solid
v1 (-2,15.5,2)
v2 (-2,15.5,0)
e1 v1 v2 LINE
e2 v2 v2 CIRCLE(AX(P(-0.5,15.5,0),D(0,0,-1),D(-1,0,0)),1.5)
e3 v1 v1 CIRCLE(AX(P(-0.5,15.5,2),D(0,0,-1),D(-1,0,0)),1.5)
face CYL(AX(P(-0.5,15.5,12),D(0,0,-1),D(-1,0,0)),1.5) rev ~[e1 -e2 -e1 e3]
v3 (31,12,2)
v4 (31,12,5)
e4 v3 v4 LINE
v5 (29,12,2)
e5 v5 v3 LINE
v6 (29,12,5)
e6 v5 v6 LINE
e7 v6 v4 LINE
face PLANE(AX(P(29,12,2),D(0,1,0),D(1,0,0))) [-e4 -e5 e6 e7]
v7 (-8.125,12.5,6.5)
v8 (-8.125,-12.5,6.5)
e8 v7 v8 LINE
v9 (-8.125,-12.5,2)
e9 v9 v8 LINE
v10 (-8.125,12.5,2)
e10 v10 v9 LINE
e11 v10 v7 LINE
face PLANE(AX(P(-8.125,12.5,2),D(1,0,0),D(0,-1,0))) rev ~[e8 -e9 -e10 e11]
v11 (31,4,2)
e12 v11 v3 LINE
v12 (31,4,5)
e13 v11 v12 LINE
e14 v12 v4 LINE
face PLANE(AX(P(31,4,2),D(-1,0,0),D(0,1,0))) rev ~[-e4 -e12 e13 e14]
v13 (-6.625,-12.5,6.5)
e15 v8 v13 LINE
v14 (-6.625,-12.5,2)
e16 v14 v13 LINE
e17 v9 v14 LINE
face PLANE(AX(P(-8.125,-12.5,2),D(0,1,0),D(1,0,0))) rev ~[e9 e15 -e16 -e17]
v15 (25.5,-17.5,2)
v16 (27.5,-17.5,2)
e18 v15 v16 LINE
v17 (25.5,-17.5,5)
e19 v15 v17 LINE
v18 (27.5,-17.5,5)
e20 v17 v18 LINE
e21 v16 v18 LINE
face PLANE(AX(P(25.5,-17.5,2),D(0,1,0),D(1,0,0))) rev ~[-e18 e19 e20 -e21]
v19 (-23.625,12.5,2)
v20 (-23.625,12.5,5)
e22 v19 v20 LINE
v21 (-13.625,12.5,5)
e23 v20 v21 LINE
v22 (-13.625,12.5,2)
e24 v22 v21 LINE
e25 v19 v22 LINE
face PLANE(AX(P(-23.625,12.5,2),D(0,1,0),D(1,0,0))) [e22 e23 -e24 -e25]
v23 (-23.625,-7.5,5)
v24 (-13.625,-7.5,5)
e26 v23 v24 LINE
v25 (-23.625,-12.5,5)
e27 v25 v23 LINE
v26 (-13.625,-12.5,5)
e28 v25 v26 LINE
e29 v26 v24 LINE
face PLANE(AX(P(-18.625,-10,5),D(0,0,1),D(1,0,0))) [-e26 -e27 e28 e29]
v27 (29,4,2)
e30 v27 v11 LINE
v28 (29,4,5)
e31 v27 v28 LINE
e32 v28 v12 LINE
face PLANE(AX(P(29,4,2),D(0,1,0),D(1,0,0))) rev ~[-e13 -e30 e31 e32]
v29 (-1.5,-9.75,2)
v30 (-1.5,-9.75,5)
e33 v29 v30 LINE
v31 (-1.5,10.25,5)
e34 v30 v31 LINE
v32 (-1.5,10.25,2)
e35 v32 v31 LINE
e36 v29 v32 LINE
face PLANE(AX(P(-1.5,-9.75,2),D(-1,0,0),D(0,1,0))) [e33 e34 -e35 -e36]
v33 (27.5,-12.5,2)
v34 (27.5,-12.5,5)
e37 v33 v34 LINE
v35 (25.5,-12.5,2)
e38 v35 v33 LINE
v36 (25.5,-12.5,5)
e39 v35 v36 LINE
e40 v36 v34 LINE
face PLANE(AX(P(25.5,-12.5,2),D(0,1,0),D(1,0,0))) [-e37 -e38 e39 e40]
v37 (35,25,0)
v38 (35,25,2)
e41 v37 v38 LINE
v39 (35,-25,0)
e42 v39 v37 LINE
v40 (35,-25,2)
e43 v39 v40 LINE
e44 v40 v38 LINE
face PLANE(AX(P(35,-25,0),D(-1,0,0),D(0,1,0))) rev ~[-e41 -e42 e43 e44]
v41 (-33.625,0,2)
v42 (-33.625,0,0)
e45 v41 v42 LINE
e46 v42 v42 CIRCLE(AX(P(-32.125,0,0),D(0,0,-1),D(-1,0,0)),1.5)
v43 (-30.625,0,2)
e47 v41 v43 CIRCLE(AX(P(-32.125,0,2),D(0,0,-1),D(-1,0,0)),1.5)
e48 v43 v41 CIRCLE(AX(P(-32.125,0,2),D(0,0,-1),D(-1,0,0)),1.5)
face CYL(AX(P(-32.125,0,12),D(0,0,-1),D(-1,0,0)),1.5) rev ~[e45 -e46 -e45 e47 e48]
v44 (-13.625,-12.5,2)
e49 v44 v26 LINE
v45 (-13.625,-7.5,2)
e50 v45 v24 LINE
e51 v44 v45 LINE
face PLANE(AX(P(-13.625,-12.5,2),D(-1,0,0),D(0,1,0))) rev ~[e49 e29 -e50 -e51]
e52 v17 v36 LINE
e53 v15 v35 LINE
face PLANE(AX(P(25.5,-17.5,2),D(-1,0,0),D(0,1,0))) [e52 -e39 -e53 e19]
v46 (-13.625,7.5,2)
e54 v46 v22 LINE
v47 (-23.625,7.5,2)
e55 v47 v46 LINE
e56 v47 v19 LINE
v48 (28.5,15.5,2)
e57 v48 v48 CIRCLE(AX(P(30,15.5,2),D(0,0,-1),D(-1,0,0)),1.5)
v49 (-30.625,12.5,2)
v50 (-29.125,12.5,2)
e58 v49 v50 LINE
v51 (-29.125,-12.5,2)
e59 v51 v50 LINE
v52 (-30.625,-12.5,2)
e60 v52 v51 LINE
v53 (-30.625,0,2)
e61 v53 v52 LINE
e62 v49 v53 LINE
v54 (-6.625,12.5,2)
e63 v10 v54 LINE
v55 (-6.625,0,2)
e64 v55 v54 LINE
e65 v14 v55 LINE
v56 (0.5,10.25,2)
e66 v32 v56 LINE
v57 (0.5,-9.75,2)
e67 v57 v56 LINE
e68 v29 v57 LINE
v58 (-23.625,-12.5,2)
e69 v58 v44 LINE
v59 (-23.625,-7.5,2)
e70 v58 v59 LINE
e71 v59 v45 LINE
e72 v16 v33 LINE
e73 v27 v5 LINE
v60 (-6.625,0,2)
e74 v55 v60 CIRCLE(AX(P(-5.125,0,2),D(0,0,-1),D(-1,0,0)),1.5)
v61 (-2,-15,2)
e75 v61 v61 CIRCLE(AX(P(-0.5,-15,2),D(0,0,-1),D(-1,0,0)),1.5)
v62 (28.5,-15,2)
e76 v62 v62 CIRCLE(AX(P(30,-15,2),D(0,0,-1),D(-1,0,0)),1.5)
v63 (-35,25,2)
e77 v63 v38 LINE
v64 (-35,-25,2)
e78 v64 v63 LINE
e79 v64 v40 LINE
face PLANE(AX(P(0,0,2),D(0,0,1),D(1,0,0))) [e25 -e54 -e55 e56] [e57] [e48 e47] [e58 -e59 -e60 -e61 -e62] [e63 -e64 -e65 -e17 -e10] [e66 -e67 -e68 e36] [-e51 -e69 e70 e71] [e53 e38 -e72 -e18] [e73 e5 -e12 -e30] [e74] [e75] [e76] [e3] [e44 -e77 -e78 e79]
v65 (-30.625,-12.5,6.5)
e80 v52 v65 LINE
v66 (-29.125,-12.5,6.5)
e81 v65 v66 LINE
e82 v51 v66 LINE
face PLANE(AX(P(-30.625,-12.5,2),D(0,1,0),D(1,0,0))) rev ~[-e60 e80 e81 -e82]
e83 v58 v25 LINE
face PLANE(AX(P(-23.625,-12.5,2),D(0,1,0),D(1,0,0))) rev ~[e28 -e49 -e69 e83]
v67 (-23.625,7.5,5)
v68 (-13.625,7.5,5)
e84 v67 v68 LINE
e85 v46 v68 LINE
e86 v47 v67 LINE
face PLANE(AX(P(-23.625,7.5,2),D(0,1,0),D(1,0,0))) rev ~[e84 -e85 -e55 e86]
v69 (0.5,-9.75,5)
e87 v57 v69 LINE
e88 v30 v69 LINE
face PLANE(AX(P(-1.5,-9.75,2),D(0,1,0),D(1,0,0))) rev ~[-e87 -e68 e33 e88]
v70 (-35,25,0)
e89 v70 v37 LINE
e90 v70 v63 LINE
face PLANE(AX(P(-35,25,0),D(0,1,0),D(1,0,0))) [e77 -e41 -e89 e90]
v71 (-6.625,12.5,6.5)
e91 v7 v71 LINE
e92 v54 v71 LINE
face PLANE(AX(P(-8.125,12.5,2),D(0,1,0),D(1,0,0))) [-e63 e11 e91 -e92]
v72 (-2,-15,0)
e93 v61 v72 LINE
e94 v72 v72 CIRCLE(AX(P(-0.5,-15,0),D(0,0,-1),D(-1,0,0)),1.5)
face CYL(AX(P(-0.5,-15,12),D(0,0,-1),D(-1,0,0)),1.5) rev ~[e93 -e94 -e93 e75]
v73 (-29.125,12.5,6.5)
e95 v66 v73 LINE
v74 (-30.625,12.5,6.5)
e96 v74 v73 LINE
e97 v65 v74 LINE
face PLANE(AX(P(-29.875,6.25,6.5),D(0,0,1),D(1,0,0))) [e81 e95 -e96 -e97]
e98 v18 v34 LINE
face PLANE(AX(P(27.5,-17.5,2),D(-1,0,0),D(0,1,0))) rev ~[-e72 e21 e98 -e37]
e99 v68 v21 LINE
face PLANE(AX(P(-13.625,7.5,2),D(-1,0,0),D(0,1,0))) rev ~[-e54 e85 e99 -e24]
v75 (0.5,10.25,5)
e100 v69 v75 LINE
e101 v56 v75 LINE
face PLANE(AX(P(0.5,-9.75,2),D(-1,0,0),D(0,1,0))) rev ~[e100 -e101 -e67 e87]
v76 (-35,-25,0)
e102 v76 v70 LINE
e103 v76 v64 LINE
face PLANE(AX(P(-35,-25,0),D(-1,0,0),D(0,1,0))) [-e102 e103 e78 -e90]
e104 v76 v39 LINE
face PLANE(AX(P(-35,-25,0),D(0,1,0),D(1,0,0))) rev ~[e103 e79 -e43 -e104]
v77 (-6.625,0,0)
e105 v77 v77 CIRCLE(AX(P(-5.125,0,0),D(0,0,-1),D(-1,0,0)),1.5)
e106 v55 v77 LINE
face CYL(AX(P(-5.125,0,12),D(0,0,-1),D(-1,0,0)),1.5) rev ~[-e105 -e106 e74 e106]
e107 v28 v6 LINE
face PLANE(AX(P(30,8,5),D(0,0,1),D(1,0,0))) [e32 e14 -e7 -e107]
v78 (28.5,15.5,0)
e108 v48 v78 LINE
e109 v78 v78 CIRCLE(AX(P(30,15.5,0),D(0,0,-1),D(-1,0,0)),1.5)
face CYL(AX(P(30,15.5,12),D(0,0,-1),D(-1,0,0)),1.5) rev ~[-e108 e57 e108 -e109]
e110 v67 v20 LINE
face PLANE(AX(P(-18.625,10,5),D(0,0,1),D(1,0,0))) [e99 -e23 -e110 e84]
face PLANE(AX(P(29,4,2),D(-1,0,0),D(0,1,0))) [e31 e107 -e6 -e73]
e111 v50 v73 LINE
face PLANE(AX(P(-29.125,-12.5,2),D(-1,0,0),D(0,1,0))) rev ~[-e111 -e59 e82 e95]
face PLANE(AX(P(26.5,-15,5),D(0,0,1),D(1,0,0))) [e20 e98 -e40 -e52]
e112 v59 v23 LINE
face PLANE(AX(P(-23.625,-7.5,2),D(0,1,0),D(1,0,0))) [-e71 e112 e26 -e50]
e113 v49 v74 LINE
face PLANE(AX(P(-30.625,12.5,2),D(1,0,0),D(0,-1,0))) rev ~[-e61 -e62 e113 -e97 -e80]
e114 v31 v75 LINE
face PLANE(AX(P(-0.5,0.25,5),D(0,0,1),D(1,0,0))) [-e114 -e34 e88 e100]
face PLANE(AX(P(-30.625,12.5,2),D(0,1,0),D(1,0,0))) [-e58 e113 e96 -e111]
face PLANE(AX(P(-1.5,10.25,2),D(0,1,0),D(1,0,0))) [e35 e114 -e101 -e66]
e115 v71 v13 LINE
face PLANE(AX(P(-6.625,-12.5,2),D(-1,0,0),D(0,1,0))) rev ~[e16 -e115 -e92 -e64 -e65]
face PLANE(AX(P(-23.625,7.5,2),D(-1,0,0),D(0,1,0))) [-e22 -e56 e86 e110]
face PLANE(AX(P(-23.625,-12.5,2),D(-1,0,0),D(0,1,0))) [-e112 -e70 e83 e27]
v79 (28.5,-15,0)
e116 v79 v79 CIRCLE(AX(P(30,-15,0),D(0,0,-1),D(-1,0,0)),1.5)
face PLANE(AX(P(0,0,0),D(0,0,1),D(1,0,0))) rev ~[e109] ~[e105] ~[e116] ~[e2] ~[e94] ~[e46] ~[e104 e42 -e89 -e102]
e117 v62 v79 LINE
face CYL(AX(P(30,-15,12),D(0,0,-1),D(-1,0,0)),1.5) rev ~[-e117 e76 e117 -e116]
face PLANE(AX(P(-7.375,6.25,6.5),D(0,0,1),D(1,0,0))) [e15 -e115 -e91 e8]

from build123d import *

# Parameters (mm, degrees)
F0_W           = 70
F0_H           = 50
F1_DEPTH       = 2
F3_W           = 1.5
F3_H           = 12.5
F4_DEPTH       = 4.5
F5_D           = 3
F5_DEPTH       = 10
F5_TIP         = 0.9012909285
F5_ON_F3_D     = 3
F5_ON_F3_DEPTH = 10
F5_ON_F3_TIP   = 0.9012909285
F3_W_2         = 10
F3_H_2         = 5
F3_W_3         = 2
F3_H_3         = 8
F3_H_4         = 20
F6_DEPTH       = 3


with BuildPart() as f1:
    # F0 (on Top) → F1 (new body)
    with BuildSketch(Plane.XY):
        Rectangle(F0_W, F0_H)
    extrude(amount=F1_DEPTH)

    # F3 (on face) → F4 (join)
    with BuildSketch(Plane.XY.offset(2)):
        with Locations((-29.875, 6.25)):
            Rectangle(F3_W, F3_H)
        with Locations((-29.875, -6.25)):
            Rectangle(F3_W, F3_H)
        with Locations((-7.375, 6.25)):
            Rectangle(F3_W, F3_H)
        with Locations((-7.375, -6.25)):
            Rectangle(F3_W, F3_H)
    extrude(amount=F4_DEPTH)

    # F5
    with Locations(Plane.XY.offset(2)):
        with Locations((-0.5, 15.5), (30, 15.5), (30, -15), (-0.5, -15)):
            Hole(F5_D / 2, depth=F5_DEPTH)
            with Locations((0, 0, -(F5_DEPTH + F5_TIP / 2))):  # 118° drill point
                Cone(0, F5_D / 2, F5_TIP, mode=Mode.SUBTRACT)

    # F5 on F3
    with Locations(Plane.XY.offset(2)):
        with Locations((-5.125, 0), (-32.125, 0)):
            Hole(F5_ON_F3_D / 2, depth=F5_ON_F3_DEPTH)
            with Locations((0, 0, -(F5_ON_F3_DEPTH + F5_ON_F3_TIP / 2))):  # 118° drill point
                Cone(0, F5_ON_F3_D / 2, F5_ON_F3_TIP, mode=Mode.SUBTRACT)

    # F3 (on face) → F6 (join)
    with BuildSketch(Plane.XY.offset(2)):
        with Locations((-18.625, 10)):
            Rectangle(F3_W_2, F3_H_2)
        with Locations((-18.625, -10)):
            Rectangle(F3_W_2, F3_H_2)
        with Locations((26.5, -15)):
            Rectangle(F3_W_3, F3_H_2)
        with Locations((30, 8)):
            Rectangle(F3_W_3, F3_H_3)
        with Locations((-0.5, 0.25)):
            Rectangle(F3_W_3, F3_H_4)
    extrude(amount=F6_DEPTH)


solid = f1.part
